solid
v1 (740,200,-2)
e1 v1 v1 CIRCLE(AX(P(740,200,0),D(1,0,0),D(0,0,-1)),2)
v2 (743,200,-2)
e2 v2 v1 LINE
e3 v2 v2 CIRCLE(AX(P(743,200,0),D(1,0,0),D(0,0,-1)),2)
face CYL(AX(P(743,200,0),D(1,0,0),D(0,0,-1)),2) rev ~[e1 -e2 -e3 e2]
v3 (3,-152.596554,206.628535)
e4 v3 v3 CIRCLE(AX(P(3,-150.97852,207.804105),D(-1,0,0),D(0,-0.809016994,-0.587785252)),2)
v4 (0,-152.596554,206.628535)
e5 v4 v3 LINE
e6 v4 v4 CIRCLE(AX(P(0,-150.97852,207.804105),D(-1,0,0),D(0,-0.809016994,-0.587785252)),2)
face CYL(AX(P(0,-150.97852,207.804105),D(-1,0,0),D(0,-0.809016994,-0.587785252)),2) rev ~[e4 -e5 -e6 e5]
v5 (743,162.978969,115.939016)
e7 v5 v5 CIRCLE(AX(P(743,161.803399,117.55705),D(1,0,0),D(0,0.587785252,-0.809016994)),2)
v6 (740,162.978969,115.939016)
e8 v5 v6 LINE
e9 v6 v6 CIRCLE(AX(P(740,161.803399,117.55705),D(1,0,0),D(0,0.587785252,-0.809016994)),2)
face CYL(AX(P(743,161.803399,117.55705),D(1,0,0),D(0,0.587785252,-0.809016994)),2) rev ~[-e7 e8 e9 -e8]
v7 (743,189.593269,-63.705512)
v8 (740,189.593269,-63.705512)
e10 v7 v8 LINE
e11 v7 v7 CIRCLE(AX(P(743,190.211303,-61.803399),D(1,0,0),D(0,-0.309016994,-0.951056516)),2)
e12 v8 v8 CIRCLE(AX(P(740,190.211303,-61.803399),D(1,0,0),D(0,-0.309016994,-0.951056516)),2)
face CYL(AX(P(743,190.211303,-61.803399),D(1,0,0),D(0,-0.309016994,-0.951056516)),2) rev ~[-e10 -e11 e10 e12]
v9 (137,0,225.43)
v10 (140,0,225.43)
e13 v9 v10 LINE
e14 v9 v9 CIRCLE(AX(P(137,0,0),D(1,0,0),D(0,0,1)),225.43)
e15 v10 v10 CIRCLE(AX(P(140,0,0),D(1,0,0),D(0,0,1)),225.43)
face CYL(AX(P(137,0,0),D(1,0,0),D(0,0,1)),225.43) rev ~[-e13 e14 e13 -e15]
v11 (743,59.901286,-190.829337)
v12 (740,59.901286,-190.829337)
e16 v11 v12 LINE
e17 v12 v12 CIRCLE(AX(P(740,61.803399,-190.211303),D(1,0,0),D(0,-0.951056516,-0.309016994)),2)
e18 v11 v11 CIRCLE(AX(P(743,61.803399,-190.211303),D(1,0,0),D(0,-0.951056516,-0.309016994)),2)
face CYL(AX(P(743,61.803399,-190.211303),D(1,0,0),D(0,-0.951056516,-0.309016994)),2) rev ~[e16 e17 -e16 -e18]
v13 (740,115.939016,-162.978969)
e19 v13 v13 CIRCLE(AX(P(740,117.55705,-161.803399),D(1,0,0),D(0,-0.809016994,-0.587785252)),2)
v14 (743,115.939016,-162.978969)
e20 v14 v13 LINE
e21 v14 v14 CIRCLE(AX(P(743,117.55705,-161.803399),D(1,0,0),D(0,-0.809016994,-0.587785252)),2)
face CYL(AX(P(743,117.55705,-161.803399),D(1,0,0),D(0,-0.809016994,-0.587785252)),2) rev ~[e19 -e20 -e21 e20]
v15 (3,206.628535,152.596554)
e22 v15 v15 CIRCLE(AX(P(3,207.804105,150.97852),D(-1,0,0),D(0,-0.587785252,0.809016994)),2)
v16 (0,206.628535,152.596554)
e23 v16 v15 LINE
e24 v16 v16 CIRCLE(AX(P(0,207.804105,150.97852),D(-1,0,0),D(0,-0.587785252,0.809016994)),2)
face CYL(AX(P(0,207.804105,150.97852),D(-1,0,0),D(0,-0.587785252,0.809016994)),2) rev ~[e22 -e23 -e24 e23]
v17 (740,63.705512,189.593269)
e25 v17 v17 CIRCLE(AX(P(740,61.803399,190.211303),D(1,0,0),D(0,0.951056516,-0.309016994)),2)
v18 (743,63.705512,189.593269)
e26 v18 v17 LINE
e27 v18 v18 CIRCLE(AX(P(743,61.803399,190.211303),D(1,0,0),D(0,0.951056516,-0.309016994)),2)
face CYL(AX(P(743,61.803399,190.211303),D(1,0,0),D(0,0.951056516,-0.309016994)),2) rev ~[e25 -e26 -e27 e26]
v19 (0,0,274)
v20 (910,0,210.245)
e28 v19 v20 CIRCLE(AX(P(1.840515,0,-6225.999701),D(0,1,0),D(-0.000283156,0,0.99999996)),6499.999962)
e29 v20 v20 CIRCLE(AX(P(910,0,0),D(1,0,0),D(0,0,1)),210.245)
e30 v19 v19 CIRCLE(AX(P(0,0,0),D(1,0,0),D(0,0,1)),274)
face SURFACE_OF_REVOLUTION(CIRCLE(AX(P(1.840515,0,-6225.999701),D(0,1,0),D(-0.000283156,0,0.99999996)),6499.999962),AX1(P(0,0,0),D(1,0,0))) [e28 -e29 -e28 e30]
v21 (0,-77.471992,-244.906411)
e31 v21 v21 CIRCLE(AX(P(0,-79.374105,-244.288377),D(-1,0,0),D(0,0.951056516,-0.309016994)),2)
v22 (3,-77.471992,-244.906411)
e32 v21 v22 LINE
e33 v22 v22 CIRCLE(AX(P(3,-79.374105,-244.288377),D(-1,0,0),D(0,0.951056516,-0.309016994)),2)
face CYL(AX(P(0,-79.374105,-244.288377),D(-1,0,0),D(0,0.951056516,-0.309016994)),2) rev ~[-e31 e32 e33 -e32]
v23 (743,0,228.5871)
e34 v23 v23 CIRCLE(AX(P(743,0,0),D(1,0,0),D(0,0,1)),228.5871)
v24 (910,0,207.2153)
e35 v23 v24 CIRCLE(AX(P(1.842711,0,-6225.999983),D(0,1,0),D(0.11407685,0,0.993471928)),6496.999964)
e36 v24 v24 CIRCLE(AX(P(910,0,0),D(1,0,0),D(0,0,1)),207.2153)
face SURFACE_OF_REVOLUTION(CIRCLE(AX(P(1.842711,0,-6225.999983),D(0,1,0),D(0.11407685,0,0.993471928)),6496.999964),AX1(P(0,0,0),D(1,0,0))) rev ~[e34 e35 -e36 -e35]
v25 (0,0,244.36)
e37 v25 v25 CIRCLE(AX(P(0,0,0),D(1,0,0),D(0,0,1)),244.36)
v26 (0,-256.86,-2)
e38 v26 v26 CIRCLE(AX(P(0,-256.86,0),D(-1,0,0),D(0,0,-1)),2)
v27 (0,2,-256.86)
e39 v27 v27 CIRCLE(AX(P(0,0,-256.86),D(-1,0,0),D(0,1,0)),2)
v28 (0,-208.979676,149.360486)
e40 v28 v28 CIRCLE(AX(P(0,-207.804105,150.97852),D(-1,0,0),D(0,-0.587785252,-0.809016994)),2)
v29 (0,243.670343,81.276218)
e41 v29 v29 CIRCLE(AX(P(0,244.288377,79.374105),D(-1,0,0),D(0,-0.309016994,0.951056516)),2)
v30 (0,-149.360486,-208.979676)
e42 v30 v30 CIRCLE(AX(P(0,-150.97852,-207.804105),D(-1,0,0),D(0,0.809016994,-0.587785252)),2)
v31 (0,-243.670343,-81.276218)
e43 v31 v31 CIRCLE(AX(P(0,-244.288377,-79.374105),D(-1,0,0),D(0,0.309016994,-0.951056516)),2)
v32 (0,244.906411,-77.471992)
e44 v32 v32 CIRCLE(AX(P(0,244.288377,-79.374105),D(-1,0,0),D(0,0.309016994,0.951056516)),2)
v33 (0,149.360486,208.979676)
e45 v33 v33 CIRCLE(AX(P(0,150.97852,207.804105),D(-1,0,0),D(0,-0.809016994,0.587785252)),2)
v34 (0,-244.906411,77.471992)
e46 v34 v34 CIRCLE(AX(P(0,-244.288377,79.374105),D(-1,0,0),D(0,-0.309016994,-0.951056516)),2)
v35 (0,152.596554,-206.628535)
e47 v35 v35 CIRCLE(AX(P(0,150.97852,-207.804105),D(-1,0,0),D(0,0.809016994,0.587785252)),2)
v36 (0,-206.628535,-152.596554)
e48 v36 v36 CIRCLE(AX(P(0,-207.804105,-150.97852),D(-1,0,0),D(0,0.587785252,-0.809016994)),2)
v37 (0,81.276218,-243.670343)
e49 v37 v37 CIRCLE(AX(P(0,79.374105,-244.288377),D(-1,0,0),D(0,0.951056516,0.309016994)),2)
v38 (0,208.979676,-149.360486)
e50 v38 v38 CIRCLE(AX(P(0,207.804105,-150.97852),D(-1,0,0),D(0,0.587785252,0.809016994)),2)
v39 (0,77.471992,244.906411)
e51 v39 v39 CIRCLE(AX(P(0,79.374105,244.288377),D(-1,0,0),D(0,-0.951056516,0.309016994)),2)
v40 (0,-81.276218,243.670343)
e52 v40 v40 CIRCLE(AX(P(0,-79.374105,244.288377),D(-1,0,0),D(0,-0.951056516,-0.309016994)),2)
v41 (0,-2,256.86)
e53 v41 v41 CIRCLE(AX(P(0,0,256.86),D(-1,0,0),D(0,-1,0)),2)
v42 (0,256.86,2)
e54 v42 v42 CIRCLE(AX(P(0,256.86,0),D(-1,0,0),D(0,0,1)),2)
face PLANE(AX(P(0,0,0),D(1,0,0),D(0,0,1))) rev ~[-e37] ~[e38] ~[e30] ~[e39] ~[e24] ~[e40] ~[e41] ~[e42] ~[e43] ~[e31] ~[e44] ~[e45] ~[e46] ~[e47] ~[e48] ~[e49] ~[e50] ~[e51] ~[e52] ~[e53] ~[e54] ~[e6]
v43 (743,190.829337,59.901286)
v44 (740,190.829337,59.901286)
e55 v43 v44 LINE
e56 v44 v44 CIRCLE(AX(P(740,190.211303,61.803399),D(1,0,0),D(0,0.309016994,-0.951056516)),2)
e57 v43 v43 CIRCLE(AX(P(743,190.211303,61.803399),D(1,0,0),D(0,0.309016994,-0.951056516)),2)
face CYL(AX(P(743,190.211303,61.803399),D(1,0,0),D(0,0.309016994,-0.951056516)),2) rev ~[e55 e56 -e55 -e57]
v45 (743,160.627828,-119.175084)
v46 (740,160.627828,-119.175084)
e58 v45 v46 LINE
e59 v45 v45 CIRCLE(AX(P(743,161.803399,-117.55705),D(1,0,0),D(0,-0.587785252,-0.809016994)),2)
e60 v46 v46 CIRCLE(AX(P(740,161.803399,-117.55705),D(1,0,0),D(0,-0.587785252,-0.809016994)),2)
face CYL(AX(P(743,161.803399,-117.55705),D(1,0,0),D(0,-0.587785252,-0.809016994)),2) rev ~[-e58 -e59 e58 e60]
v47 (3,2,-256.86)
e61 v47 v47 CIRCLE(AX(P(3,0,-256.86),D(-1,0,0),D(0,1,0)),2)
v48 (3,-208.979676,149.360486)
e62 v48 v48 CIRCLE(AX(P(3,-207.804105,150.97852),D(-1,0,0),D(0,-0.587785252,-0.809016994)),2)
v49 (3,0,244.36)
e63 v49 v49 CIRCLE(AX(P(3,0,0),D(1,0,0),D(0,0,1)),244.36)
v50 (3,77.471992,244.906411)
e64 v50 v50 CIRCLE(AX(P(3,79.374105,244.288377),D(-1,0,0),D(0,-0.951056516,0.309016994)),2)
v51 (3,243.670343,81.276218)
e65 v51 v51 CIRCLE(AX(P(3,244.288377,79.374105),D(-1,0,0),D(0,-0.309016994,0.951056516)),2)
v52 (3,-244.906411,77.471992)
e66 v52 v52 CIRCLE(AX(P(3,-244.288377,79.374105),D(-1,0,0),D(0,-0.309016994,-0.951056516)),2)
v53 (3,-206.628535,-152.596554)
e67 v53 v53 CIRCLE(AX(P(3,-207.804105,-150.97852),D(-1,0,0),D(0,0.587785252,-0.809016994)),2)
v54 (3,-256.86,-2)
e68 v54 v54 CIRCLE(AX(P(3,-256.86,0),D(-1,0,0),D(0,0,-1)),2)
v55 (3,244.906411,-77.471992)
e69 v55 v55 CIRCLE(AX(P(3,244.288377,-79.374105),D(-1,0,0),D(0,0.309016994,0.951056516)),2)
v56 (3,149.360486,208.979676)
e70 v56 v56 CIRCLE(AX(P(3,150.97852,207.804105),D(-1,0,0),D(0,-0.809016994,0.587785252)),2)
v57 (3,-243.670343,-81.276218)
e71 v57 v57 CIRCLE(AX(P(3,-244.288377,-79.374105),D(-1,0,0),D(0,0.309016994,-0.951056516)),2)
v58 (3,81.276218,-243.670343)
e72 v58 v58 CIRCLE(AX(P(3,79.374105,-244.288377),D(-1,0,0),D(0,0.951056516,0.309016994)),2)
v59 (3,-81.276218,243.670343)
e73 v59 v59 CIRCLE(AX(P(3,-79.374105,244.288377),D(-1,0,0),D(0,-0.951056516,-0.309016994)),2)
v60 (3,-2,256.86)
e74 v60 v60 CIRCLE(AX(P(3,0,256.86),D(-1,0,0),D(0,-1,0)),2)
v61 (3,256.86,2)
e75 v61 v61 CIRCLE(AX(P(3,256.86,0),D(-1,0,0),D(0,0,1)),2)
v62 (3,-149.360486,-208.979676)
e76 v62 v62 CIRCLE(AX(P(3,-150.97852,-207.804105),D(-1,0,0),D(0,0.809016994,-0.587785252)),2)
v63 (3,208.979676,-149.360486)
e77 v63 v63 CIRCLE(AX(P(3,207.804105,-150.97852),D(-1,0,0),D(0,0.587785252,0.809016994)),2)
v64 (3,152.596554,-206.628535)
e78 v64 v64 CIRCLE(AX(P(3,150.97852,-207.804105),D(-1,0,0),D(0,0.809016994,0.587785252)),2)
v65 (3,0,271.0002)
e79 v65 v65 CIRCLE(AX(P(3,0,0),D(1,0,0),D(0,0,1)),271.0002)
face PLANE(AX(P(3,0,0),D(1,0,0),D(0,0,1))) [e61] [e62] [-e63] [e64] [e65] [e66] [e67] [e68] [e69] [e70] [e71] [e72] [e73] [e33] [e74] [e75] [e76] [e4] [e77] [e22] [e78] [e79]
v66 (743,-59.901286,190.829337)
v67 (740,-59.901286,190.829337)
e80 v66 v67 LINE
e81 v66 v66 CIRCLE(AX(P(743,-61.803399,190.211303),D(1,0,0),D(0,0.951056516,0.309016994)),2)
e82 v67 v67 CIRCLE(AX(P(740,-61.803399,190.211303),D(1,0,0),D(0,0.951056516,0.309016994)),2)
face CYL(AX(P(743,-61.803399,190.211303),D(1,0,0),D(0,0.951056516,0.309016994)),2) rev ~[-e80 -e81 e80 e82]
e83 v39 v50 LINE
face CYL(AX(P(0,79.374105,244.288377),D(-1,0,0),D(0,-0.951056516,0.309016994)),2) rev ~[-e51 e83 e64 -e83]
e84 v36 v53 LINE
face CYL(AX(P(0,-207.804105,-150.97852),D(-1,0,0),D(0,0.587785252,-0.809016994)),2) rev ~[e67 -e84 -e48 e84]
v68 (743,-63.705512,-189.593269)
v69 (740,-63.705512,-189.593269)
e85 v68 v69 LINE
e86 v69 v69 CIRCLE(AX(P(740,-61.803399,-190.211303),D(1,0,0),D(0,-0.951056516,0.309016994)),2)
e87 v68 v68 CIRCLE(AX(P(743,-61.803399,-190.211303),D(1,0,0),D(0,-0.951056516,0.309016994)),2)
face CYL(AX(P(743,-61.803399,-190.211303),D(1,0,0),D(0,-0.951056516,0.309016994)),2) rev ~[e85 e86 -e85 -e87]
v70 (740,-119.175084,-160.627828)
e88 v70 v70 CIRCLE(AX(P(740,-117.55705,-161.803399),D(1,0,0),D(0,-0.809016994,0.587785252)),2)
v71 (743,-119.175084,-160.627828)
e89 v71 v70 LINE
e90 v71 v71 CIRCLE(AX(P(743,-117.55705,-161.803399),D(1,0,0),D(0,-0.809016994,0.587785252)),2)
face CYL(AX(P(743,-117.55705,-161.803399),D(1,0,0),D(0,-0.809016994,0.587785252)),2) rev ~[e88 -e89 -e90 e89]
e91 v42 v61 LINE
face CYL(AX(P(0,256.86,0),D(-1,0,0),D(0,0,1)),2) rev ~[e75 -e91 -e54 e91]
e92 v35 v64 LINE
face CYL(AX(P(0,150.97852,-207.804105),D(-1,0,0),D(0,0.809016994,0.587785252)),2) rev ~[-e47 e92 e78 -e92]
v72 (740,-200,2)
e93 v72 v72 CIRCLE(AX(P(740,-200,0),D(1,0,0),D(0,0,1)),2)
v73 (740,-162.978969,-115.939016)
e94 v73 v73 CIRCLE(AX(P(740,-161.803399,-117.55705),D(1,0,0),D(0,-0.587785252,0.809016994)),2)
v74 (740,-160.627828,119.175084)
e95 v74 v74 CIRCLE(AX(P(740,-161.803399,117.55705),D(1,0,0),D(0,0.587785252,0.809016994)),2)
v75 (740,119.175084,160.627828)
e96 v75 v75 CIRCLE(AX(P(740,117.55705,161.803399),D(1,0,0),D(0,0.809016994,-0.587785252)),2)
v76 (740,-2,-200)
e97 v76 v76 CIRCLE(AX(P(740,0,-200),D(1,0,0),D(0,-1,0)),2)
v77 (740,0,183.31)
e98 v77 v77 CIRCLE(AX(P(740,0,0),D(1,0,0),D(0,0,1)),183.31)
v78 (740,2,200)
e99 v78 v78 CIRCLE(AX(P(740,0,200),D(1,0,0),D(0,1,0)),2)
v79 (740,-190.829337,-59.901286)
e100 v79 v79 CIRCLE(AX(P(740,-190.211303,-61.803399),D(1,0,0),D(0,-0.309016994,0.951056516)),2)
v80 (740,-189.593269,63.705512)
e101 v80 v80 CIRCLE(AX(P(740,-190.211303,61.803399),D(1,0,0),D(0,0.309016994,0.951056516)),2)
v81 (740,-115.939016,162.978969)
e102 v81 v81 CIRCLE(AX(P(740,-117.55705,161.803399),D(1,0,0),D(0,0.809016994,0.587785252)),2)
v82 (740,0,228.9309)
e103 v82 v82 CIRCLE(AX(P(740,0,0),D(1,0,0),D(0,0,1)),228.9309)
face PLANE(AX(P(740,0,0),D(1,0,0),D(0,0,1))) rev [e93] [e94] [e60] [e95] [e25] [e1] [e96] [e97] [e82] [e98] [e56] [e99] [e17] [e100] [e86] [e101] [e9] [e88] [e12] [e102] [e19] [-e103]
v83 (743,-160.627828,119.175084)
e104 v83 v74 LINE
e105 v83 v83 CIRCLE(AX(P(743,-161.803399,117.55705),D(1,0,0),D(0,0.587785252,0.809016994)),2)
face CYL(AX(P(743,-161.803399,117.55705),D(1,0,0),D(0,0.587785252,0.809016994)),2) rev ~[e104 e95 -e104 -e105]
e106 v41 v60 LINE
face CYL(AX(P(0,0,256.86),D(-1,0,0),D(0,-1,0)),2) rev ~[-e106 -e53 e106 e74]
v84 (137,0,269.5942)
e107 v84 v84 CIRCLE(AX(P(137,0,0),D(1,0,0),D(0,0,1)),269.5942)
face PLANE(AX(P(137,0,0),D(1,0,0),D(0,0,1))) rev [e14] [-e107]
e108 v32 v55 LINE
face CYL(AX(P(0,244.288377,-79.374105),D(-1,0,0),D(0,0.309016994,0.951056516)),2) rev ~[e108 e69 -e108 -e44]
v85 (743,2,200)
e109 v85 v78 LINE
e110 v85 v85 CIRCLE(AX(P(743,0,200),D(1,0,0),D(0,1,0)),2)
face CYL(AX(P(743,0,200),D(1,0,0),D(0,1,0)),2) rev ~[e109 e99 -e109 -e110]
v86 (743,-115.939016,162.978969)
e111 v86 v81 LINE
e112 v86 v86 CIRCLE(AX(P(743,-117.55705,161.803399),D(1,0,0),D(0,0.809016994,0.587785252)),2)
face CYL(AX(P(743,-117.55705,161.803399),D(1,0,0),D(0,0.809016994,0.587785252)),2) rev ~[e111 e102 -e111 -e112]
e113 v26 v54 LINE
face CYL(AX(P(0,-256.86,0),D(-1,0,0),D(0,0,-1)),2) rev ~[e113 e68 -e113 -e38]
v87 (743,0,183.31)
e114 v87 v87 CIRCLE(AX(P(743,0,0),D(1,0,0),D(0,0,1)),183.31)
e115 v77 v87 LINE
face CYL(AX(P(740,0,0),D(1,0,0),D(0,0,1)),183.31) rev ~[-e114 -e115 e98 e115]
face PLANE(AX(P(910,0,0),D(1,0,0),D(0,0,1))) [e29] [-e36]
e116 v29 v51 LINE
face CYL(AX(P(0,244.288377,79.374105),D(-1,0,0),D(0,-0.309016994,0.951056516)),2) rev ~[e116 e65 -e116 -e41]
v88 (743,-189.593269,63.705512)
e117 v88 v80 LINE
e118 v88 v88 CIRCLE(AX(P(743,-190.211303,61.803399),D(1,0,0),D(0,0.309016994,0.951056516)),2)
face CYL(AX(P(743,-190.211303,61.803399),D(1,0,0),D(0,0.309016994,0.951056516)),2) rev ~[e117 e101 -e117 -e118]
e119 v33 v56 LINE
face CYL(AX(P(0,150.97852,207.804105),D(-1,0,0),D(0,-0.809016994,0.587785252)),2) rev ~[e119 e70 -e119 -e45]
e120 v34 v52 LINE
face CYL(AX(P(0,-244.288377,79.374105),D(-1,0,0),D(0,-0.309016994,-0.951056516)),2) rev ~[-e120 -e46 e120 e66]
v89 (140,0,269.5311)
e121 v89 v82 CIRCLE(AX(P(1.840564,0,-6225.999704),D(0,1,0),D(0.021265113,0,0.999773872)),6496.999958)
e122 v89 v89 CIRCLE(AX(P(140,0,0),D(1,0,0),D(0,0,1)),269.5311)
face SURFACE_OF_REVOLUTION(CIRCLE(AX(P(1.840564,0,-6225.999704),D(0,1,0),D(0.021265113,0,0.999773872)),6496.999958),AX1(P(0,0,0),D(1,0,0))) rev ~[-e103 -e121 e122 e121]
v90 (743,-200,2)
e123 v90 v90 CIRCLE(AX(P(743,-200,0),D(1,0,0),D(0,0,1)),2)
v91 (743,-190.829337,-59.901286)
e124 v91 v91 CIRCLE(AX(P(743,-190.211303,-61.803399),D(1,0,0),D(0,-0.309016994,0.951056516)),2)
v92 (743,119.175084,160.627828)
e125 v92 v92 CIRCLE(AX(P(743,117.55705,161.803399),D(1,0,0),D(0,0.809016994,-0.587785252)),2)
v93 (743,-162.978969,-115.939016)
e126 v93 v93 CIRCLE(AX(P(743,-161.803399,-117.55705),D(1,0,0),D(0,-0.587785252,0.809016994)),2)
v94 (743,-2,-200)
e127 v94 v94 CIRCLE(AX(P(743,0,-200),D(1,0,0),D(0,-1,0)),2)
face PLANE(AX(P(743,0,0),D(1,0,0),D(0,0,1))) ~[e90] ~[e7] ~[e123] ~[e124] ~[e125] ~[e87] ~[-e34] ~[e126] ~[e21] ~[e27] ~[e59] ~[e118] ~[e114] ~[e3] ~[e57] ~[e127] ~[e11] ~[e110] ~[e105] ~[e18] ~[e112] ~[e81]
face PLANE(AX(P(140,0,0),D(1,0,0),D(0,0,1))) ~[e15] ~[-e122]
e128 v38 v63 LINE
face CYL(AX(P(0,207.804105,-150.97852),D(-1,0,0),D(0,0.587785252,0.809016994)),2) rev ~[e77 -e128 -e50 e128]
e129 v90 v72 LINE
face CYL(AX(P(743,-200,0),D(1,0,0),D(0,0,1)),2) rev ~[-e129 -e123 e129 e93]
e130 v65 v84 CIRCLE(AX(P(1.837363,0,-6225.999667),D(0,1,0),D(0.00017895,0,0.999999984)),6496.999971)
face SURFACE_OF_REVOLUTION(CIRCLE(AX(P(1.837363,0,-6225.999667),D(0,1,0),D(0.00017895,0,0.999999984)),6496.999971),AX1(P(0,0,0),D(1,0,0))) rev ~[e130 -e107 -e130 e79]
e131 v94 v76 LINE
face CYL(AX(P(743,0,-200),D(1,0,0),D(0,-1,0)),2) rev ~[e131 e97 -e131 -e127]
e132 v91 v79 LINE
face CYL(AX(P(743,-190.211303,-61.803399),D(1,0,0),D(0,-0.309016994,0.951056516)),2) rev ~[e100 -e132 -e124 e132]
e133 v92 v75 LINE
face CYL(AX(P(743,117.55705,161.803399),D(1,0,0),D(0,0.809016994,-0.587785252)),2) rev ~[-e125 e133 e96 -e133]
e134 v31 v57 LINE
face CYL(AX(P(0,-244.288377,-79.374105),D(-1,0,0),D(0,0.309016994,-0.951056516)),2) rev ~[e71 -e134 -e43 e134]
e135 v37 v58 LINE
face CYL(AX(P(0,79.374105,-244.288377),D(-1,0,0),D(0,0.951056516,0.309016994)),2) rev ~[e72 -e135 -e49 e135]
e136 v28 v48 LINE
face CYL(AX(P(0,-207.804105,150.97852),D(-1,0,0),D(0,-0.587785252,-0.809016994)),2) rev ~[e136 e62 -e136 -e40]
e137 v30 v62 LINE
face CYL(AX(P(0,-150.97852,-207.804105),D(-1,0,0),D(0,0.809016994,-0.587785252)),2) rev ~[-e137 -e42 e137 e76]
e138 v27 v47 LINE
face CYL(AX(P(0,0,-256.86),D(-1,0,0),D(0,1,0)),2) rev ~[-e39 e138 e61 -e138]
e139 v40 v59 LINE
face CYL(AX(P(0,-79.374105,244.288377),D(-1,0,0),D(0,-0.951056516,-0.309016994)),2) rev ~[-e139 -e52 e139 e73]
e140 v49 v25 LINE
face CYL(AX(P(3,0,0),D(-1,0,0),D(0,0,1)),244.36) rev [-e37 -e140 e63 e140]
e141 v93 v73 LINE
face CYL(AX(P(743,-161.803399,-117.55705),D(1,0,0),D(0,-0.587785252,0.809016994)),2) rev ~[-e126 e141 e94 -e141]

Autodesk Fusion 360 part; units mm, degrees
sketch "Sketch1" plane through (0, 0, 0) normal (0, 1, 0) x (1, 0, 0)
  line L0 (0, 0) -> (0, -150.6845) construction
  line L1 (0, -150.6845) -> (0, -274) construction
  line L2 (0, 0) -> (910, 0) construction
  line L3 (910, 0) -> (910, -210.245) construction
  arc A0 (0, -274) -> (910, -210.245) centre (1.8405, 6225.9997) ccw
  line L4 (0, -274) -> (0, -244.36)
  line L5 (3, -271.0002) -> (3, -244.36)
  line L6 (910, -210.245) -> (910, -207.2153)
  line L7 (3, -244.36) -> (0, -244.36)
  line L8 (740, -183.31) -> (743, -183.31)
  line L9 (740, -183.31) -> (740, -228.9309)
  line L10 (743, -183.31) -> (743, -228.5871)
  line L11 (740, 0) -> (740, -228.9309) construction
  line L12 (740, -231.9504) -> (740, -347.3942) construction
  arc A1 (743, -228.5871) -> (910, -207.2153) centre (1.8405, 6225.9997) ccw
  line L13 (137, -225.43) -> (140, -225.43)
  line L14 (140, -225.43) -> (140, -269.5311)
  line L15 (137, -225.43) -> (137, -269.5942)
  line L16 (137, 0) -> (137, -269.5942) construction
  line L17 (137, -272.5949) -> (137, -306.2044) construction
  arc A2 (3, -271.0002) -> (137, -269.5942) centre (1.8405, 6225.9997) ccw
  arc A3 (140, -269.5311) -> (740, -228.9309) centre (1.8405, 6225.9997) ccw
  dimension "d1" = 274
  dimension "d2" = 910
  dimension "d3" = 210.245
  dimension "d4" = 6500
  dimension "d5" = 29.64
  dimension "d6" = 170
  dimension "d8" = 3
  dimension "d9" = 183.31
  dimension "d10" = 137
  dimension "d11" = 3
  dimension "d12" = 225.43
revolve "Revolve1" add sketch "Sketch1" angle 360 about axis through (0, 0, 0) along (1, 0, 0)
sketch "Sketch2" plane through (0, 0, 0) normal (-1, 0, 0) x (0, -1, 0)
  circle A0 centre (0, 0) radius 274
  circle A1 centre (0, 0) radius 244.36
  line L0 (0, 0) -> (0, 383.8216) construction
  circle A2 centre (0, 256.86) radius 2
  dimension "d14" = 4
  dimension "d15" = 256.86
extrude "Extrude1" cut sketch "Sketch2" against normal blind 5 contours A2
pattern_circular "C-Pattern1" count 20 over 360 about axis through (1.75, 0, 0) along (1, 0, 0) of "Extrude1"
sketch "Sketch3" plane through (743, 0, 0) normal (1, 0, 0) x (0, 1, 0)
  circle A0 centre (0, 0) radius 183.31
  circle A1 centre (0, 0) radius 228.5871
  line L0 (0, 0) -> (0, 383.9772) construction
  circle A2 centre (0, 200) radius 2
  dimension "d20" = 4
  dimension "d21" = 200
extrude "Extrude2" cut sketch "Sketch3" against normal blind 5 contours A2
pattern_circular "C-Pattern2" count 20 over 360 about axis through (1.75, 0, 0) along (1, 0, 0) of "Extrude2"
equation "d1 = ( 548 / 2 ) * 1 mm"
equation "d3 = ( 420.49 / 2 ) * 1 mm"
